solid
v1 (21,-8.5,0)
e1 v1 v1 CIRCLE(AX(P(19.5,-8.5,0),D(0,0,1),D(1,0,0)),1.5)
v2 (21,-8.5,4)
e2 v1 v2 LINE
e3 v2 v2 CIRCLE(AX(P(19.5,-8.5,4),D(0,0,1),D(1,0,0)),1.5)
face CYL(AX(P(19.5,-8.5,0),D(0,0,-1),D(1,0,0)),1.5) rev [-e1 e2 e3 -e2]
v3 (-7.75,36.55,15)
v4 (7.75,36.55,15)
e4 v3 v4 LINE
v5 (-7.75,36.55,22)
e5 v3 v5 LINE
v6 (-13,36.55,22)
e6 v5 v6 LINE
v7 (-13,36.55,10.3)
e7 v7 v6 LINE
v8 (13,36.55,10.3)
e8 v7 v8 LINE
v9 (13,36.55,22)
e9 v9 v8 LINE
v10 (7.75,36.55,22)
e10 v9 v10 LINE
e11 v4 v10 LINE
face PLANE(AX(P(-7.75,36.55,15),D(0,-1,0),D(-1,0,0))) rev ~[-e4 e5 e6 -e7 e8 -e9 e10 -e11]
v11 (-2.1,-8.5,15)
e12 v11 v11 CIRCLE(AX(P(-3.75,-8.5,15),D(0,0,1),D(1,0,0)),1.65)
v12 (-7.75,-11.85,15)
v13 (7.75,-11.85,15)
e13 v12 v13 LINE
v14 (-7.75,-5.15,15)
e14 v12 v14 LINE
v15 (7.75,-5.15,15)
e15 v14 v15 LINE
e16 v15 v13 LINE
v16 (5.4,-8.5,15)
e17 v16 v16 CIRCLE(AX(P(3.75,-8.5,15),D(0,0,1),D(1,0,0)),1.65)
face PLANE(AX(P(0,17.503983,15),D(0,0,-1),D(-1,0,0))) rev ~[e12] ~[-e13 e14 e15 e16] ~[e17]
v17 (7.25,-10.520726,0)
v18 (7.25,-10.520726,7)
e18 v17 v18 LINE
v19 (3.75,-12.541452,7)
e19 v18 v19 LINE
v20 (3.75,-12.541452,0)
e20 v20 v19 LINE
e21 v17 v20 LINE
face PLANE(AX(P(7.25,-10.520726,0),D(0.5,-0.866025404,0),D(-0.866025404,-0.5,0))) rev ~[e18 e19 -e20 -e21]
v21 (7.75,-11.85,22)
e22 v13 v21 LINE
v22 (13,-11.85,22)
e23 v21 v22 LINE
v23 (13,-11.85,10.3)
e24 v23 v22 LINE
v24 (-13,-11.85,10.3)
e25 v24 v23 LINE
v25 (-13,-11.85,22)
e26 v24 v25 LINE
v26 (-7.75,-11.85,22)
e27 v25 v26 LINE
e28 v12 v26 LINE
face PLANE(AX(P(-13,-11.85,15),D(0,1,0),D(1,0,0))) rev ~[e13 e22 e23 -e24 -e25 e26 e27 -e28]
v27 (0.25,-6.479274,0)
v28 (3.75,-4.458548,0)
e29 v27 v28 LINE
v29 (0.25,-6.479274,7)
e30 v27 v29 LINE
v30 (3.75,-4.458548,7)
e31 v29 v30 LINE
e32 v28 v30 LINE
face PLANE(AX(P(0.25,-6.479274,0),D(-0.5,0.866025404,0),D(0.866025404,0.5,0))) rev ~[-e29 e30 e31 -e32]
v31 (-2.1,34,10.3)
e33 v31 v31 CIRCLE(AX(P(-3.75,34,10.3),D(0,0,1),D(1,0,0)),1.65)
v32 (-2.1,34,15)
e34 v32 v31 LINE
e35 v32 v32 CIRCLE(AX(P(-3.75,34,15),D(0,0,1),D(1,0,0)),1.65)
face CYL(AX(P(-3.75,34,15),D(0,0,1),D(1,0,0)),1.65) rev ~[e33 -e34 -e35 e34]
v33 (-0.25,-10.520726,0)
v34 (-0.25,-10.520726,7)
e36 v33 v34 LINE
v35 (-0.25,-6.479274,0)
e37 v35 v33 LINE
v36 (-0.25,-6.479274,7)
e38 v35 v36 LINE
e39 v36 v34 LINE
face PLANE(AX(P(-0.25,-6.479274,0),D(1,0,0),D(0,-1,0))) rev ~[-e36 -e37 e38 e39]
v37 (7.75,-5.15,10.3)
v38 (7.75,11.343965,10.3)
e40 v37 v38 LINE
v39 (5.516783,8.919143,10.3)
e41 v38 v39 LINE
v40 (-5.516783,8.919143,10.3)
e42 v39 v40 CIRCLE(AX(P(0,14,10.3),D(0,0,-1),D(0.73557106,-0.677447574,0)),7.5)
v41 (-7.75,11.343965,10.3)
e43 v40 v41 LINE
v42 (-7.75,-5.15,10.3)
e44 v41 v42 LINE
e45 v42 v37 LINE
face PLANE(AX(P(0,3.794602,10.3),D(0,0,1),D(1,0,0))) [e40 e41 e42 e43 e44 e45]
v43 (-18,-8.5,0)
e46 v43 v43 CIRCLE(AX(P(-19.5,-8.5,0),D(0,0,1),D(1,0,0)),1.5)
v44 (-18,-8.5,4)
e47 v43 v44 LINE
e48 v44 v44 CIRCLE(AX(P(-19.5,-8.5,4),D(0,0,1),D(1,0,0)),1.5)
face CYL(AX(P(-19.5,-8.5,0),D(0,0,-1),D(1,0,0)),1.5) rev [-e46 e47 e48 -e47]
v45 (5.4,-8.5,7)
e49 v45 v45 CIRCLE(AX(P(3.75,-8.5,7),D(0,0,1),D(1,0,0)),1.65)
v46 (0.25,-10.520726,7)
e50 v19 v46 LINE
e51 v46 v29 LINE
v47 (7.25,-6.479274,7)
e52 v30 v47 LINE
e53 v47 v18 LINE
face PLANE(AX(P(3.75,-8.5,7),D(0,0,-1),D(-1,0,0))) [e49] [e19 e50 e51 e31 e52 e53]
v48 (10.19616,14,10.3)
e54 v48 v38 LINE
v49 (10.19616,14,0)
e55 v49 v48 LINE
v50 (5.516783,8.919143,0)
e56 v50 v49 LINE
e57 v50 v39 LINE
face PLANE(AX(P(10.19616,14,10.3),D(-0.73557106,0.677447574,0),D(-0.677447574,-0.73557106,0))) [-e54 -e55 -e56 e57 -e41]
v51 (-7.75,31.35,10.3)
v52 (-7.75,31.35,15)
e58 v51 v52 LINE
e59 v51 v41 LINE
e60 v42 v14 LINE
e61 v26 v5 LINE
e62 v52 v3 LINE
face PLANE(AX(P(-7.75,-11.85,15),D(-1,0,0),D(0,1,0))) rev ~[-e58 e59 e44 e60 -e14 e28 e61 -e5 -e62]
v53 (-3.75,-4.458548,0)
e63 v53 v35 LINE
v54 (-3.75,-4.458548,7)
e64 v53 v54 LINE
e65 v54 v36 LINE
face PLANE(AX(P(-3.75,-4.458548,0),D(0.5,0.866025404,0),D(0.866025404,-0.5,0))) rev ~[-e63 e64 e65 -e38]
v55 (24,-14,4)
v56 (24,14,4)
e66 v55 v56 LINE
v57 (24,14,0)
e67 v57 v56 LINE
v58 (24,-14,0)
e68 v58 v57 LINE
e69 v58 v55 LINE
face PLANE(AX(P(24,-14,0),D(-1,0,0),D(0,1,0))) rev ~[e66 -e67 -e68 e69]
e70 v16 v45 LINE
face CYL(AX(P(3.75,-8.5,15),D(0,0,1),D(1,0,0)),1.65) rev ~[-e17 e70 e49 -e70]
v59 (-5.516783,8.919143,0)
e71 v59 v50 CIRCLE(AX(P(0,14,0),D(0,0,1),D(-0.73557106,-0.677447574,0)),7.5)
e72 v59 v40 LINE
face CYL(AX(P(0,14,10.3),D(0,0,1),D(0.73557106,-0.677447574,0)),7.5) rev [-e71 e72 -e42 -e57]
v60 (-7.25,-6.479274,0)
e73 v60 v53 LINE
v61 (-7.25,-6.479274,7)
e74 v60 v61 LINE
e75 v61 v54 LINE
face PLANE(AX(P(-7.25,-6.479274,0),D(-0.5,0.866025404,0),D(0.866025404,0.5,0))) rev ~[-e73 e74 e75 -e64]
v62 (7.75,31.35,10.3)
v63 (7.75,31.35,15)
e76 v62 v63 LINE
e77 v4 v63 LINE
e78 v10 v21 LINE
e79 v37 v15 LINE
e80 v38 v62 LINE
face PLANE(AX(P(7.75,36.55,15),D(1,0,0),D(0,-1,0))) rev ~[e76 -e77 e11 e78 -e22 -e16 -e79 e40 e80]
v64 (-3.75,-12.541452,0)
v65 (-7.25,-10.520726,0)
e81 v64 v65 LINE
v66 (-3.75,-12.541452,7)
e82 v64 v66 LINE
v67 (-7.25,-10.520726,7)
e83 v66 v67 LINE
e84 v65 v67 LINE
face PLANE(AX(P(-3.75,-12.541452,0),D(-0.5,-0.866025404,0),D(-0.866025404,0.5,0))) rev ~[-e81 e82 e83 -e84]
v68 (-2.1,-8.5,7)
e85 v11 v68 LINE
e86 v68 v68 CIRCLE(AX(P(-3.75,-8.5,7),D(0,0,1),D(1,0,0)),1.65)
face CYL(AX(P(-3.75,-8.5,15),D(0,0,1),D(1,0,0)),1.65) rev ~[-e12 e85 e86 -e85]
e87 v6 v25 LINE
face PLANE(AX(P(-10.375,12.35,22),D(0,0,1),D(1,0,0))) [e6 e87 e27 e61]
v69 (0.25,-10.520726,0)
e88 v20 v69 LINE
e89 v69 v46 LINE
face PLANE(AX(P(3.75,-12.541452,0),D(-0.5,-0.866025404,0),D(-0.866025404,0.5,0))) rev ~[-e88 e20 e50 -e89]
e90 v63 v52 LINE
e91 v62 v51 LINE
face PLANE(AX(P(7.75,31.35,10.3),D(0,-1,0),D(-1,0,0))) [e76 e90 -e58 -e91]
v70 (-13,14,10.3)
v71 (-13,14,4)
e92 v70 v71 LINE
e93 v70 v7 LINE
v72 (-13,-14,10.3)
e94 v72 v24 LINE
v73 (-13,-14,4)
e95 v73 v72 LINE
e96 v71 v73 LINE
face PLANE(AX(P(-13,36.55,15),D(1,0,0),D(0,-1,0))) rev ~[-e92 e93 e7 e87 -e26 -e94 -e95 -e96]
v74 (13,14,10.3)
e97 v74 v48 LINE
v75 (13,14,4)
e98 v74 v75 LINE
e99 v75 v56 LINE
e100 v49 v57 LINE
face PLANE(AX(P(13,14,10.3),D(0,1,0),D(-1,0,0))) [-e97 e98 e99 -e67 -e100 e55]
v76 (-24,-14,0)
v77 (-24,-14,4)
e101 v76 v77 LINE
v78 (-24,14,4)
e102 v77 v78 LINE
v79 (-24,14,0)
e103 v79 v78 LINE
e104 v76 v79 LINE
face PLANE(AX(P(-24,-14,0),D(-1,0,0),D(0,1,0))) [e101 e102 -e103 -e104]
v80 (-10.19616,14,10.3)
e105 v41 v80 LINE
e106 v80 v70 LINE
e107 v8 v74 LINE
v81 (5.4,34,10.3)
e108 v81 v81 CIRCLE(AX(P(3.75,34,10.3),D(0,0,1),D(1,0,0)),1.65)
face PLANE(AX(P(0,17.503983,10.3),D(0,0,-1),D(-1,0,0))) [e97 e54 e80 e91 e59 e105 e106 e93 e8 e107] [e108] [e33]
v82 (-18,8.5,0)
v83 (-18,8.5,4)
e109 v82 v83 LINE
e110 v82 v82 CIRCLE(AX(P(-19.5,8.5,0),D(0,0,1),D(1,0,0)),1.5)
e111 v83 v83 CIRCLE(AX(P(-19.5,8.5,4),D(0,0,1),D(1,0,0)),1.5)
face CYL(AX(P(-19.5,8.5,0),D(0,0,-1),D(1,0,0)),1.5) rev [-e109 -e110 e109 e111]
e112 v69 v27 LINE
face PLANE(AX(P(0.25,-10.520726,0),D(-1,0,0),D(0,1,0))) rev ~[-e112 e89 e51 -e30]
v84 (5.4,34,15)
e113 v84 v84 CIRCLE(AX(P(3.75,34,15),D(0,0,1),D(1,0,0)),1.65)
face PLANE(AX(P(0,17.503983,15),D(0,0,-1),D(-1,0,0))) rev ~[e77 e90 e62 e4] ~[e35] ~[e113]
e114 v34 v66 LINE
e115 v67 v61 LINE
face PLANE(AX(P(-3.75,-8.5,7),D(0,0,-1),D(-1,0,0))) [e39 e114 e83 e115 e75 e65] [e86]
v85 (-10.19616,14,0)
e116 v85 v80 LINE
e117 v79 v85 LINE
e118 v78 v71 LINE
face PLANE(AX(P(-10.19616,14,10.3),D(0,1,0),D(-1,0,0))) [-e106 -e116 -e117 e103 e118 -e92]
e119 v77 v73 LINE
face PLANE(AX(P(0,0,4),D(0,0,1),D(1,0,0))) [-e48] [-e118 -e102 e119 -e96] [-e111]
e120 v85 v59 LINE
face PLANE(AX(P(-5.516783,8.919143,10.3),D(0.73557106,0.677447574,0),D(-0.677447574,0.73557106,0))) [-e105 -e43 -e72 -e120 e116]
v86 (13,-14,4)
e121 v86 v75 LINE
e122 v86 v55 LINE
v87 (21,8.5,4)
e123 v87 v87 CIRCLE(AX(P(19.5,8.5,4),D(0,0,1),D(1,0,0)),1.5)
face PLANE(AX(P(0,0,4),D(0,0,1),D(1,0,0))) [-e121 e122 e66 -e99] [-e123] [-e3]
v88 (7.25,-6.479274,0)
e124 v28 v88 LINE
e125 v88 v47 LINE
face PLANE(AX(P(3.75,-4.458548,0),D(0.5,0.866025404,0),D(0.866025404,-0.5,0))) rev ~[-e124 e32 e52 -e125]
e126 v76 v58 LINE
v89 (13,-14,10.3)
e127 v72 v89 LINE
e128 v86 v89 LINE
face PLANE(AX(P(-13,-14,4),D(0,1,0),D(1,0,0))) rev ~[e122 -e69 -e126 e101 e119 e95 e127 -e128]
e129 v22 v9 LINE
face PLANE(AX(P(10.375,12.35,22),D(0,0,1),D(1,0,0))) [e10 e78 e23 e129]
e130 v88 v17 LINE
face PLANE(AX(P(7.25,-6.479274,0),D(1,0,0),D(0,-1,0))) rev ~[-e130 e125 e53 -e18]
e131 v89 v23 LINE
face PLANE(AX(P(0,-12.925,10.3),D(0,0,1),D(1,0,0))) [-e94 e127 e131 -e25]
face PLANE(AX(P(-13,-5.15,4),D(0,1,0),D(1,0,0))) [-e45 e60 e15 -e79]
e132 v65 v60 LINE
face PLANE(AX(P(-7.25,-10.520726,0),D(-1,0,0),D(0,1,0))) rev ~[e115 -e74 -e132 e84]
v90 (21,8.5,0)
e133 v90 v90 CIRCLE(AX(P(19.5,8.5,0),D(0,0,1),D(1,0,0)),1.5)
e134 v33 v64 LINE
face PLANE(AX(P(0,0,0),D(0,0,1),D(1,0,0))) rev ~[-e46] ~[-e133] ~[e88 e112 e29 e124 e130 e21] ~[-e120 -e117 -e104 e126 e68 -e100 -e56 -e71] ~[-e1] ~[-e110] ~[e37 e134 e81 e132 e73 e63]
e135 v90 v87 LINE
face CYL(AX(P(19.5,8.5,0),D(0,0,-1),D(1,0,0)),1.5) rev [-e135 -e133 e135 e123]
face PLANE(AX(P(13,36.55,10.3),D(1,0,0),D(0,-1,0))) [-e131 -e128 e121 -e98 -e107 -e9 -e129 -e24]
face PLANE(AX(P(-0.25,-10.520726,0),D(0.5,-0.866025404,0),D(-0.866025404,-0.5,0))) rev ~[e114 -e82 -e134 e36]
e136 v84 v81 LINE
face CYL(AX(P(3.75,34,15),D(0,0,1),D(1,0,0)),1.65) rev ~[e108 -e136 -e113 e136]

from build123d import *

# Parameters (mm, degrees)
SZKIC1_W                    = 48
SZKIC1_H                    = 28
SZKIC1_R                    = 1.5
DODANIE_WYCI_GNI_CIE1_DEPTH = 4
WYTNIJ_WYCI_GNI_CIE1_DEPTH  = 4
SZKIC3_W                    = 26
SZKIC3_H                    = 6.7
DODANIE_WYCI_GNI_CIE2_DEPTH = 11
DODANIE_WYCI_GNI_CIE3_START = 6.3
DODANIE_WYCI_GNI_CIE3_DEPTH = 6.3
SZKIC5_W                    = 26
SZKIC5_H                    = 2.15
DODANIE_WYCI_GNI_CIE4_DEPTH = 6.3
DODANIE_WYCI_GNI_CIE7_DEPTH = 4.7
WYTNIJ_WYCI_GNI_CIE2_REACH  = 48.227
SZKIC10_R                   = 1.65
DODANIE_WYCI_GNI_CIE8_DEPTH = 7
WYTNIJ_WYCI_GNI_CIE3_DEPTH  = 7


with BuildPart() as part:
    # Szkic1 → Dodanie-wyciągnięcie1 (new body)
    with BuildSketch(Plane.XY):
        Rectangle(SZKIC1_W, SZKIC1_H)
        with Locations((-19.5, 8.5)):
            Circle(SZKIC1_R, mode=Mode.SUBTRACT)
        with Locations((-19.5, -8.5)):
            Circle(SZKIC1_R, mode=Mode.SUBTRACT)
        with Locations((19.5, -8.5)):
            Circle(SZKIC1_R, mode=Mode.SUBTRACT)
        with Locations((19.5, 8.5)):
            Circle(SZKIC1_R, mode=Mode.SUBTRACT)
    extrude(amount=DODANIE_WYCI_GNI_CIE1_DEPTH)

    # Szkic2 → Wytnij-wyciągnięcie1 (cut)
    with BuildSketch(Plane.XY.offset(4)):
        with BuildLine():
            Line((5.516782951, 8.919143195), (10.1961597, 14))
            Line((10.1961597, 14), (-10.1961597, 14))
            Line((-10.1961597, 14), (-5.516782951, 8.919143195))
            ThreePointArc((-5.516782951, 8.919143195), (0, 6.5), (5.516782951, 8.919143195))
        make_face()
    extrude(amount=-WYTNIJ_WYCI_GNI_CIE1_DEPTH, mode=Mode.SUBTRACT)

    # Szkic3 → Dodanie-wyciągnięcie2 (add)
    with BuildSketch(Plane.XY.offset(4)):
        with Locations((0, -8.5)):
            Rectangle(SZKIC3_W, SZKIC3_H)
    extrude(amount=DODANIE_WYCI_GNI_CIE2_DEPTH)

    # Szkic4 → Dodanie-wyciągnięcie3 (add)
    with BuildSketch(Plane.XY.offset(4).offset(DODANIE_WYCI_GNI_CIE3_START)):
        with BuildLine():
            Line((-13, -5.15), (13, -5.15))
            Line((13, -5.15), (13, 14))
            Line((13, 14), (10.1961597, 14))
            Line((10.1961597, 14), (5.516782951, 8.919143195))
            ThreePointArc((5.516782951, 8.919143195), (0, 6.5), (-5.516782951, 8.919143195))
            Line((-5.516782951, 8.919143195), (-10.1961597, 14))
            Line((-10.1961597, 14), (-13, 14))
            Line((-13, 14), (-13, -5.15))
        make_face()
    extrude(amount=-DODANIE_WYCI_GNI_CIE3_DEPTH)

    # Szkic5 → Dodanie-wyciągnięcie4 (add)
    with BuildSketch(Plane.XY.offset(4)):
        with Locations((0, -12.925)):
            Rectangle(SZKIC5_W, SZKIC5_H)
    extrude(amount=DODANIE_WYCI_GNI_CIE4_DEPTH)

    # Szkic9 → Dodanie-wyciągnięcie7 (add)
    with BuildSketch(Plane.XY.offset(10.3)):
        Polygon((-13, -5.15), (-13, 36.55), (13, 36.55), (13, -5.15), (7.75, -5.15), (7.75, 31.35), (-7.75, 31.35), (-7.75, -5.15), align=None)
    extrude(amount=DODANIE_WYCI_GNI_CIE7_DEPTH)

    # Wytnij-wyciągnięcie2: up to this face of the body (flat: up to its plane)
    wytnij_wyci_gni_cie2_end = Plane(part.part.faces().sort_by_distance((0, -0.888373191, 0))[0])
    # Szkic10 → Wytnij-wyciągnięcie2 (cut, up to the picked face)
    with BuildSketch(Plane.XY.offset(15), mode=Mode.PRIVATE) as wytnij_wyci_gni_cie2_sk1:
        with Locations((-3.75, -8.5)):
            Circle(SZKIC10_R)
    wytnij_wyci_gni_cie2_tool1 = split(extrude(wytnij_wyci_gni_cie2_sk1.sketch, amount=-WYTNIJ_WYCI_GNI_CIE2_REACH, mode=Mode.PRIVATE), bisect_by=wytnij_wyci_gni_cie2_end, keep=Keep.BOTH, mode=Mode.PRIVATE)
    # Szkic10 → Wytnij-wyciągnięcie2 (cut, up to the picked face)
    with BuildSketch(Plane.XY.offset(15), mode=Mode.PRIVATE) as wytnij_wyci_gni_cie2_sk2:
        with Locations((3.75, -8.5)):
            Circle(SZKIC10_R)
    wytnij_wyci_gni_cie2_tool2 = split(extrude(wytnij_wyci_gni_cie2_sk2.sketch, amount=-WYTNIJ_WYCI_GNI_CIE2_REACH, mode=Mode.PRIVATE), bisect_by=wytnij_wyci_gni_cie2_end, keep=Keep.BOTH, mode=Mode.PRIVATE)
    # Szkic10 → Wytnij-wyciągnięcie2 (cut, up to the picked face)
    with BuildSketch(Plane.XY.offset(15), mode=Mode.PRIVATE) as wytnij_wyci_gni_cie2_sk3:
        with Locations((-3.75, 34)):
            Circle(SZKIC10_R)
    wytnij_wyci_gni_cie2_tool3 = split(extrude(wytnij_wyci_gni_cie2_sk3.sketch, amount=-WYTNIJ_WYCI_GNI_CIE2_REACH, mode=Mode.PRIVATE), bisect_by=wytnij_wyci_gni_cie2_end, keep=Keep.BOTH, mode=Mode.PRIVATE)
    # Szkic10 → Wytnij-wyciągnięcie2 (cut, up to the picked face)
    with BuildSketch(Plane.XY.offset(15), mode=Mode.PRIVATE) as wytnij_wyci_gni_cie2_sk4:
        with Locations((3.75, 34)):
            Circle(SZKIC10_R)
    wytnij_wyci_gni_cie2_tool4 = split(extrude(wytnij_wyci_gni_cie2_sk4.sketch, amount=-WYTNIJ_WYCI_GNI_CIE2_REACH, mode=Mode.PRIVATE), bisect_by=wytnij_wyci_gni_cie2_end, keep=Keep.BOTH, mode=Mode.PRIVATE)
    add(wytnij_wyci_gni_cie2_tool1.solids().sort_by(Axis((-3.75, -8.5, 15), (0, 0, -1)))[0], mode=Mode.SUBTRACT)
    add(wytnij_wyci_gni_cie2_tool2.solids().sort_by(Axis((3.75, -8.5, 15), (0, 0, -1)))[0], mode=Mode.SUBTRACT)
    add(wytnij_wyci_gni_cie2_tool3.solids().sort_by(Axis((-3.75, 34, 15), (0, 0, -1)))[0], mode=Mode.SUBTRACT)
    add(wytnij_wyci_gni_cie2_tool4.solids().sort_by(Axis((3.75, 34, 15), (0, 0, -1)))[0], mode=Mode.SUBTRACT)

    # Szkic12 → Dodanie-wyciągnięcie8 (add)
    with BuildSketch(Plane.XY.offset(15)):
        Polygon((-7.75, 36.55), (-13, 36.55), (-13, -11.85), (-7.75, -11.85), (-7.75, -5.15), (-7.75, 31.35), align=None)
        Polygon((13, 36.55), (7.75, 36.55), (7.75, 31.35), (7.75, -5.15), (7.75, -11.85), (13, -11.85), align=None)
    extrude(amount=DODANIE_WYCI_GNI_CIE8_DEPTH)

    # Szkic14 → Wytnij-wyciągnięcie3 (cut)
    with BuildSketch(Plane(origin=(0, 0, 0), x_dir=(-1, 0, 0), z_dir=(0, 0, -1))):
        Polygon((-3.75, -4.458548116), (-7.25, -6.479274058), (-7.25, -10.520725942), (-3.75, -12.541451884), (-0.25, -10.520725942), (-0.25, -6.479274058), align=None)
        Polygon((3.75, -4.458548116), (0.25, -6.479274058), (0.25, -10.520725942), (3.75, -12.541451884), (7.25, -10.520725942), (7.25, -6.479274058), align=None)
    extrude(amount=-WYTNIJ_WYCI_GNI_CIE3_DEPTH, mode=Mode.SUBTRACT)


solid = part.part
